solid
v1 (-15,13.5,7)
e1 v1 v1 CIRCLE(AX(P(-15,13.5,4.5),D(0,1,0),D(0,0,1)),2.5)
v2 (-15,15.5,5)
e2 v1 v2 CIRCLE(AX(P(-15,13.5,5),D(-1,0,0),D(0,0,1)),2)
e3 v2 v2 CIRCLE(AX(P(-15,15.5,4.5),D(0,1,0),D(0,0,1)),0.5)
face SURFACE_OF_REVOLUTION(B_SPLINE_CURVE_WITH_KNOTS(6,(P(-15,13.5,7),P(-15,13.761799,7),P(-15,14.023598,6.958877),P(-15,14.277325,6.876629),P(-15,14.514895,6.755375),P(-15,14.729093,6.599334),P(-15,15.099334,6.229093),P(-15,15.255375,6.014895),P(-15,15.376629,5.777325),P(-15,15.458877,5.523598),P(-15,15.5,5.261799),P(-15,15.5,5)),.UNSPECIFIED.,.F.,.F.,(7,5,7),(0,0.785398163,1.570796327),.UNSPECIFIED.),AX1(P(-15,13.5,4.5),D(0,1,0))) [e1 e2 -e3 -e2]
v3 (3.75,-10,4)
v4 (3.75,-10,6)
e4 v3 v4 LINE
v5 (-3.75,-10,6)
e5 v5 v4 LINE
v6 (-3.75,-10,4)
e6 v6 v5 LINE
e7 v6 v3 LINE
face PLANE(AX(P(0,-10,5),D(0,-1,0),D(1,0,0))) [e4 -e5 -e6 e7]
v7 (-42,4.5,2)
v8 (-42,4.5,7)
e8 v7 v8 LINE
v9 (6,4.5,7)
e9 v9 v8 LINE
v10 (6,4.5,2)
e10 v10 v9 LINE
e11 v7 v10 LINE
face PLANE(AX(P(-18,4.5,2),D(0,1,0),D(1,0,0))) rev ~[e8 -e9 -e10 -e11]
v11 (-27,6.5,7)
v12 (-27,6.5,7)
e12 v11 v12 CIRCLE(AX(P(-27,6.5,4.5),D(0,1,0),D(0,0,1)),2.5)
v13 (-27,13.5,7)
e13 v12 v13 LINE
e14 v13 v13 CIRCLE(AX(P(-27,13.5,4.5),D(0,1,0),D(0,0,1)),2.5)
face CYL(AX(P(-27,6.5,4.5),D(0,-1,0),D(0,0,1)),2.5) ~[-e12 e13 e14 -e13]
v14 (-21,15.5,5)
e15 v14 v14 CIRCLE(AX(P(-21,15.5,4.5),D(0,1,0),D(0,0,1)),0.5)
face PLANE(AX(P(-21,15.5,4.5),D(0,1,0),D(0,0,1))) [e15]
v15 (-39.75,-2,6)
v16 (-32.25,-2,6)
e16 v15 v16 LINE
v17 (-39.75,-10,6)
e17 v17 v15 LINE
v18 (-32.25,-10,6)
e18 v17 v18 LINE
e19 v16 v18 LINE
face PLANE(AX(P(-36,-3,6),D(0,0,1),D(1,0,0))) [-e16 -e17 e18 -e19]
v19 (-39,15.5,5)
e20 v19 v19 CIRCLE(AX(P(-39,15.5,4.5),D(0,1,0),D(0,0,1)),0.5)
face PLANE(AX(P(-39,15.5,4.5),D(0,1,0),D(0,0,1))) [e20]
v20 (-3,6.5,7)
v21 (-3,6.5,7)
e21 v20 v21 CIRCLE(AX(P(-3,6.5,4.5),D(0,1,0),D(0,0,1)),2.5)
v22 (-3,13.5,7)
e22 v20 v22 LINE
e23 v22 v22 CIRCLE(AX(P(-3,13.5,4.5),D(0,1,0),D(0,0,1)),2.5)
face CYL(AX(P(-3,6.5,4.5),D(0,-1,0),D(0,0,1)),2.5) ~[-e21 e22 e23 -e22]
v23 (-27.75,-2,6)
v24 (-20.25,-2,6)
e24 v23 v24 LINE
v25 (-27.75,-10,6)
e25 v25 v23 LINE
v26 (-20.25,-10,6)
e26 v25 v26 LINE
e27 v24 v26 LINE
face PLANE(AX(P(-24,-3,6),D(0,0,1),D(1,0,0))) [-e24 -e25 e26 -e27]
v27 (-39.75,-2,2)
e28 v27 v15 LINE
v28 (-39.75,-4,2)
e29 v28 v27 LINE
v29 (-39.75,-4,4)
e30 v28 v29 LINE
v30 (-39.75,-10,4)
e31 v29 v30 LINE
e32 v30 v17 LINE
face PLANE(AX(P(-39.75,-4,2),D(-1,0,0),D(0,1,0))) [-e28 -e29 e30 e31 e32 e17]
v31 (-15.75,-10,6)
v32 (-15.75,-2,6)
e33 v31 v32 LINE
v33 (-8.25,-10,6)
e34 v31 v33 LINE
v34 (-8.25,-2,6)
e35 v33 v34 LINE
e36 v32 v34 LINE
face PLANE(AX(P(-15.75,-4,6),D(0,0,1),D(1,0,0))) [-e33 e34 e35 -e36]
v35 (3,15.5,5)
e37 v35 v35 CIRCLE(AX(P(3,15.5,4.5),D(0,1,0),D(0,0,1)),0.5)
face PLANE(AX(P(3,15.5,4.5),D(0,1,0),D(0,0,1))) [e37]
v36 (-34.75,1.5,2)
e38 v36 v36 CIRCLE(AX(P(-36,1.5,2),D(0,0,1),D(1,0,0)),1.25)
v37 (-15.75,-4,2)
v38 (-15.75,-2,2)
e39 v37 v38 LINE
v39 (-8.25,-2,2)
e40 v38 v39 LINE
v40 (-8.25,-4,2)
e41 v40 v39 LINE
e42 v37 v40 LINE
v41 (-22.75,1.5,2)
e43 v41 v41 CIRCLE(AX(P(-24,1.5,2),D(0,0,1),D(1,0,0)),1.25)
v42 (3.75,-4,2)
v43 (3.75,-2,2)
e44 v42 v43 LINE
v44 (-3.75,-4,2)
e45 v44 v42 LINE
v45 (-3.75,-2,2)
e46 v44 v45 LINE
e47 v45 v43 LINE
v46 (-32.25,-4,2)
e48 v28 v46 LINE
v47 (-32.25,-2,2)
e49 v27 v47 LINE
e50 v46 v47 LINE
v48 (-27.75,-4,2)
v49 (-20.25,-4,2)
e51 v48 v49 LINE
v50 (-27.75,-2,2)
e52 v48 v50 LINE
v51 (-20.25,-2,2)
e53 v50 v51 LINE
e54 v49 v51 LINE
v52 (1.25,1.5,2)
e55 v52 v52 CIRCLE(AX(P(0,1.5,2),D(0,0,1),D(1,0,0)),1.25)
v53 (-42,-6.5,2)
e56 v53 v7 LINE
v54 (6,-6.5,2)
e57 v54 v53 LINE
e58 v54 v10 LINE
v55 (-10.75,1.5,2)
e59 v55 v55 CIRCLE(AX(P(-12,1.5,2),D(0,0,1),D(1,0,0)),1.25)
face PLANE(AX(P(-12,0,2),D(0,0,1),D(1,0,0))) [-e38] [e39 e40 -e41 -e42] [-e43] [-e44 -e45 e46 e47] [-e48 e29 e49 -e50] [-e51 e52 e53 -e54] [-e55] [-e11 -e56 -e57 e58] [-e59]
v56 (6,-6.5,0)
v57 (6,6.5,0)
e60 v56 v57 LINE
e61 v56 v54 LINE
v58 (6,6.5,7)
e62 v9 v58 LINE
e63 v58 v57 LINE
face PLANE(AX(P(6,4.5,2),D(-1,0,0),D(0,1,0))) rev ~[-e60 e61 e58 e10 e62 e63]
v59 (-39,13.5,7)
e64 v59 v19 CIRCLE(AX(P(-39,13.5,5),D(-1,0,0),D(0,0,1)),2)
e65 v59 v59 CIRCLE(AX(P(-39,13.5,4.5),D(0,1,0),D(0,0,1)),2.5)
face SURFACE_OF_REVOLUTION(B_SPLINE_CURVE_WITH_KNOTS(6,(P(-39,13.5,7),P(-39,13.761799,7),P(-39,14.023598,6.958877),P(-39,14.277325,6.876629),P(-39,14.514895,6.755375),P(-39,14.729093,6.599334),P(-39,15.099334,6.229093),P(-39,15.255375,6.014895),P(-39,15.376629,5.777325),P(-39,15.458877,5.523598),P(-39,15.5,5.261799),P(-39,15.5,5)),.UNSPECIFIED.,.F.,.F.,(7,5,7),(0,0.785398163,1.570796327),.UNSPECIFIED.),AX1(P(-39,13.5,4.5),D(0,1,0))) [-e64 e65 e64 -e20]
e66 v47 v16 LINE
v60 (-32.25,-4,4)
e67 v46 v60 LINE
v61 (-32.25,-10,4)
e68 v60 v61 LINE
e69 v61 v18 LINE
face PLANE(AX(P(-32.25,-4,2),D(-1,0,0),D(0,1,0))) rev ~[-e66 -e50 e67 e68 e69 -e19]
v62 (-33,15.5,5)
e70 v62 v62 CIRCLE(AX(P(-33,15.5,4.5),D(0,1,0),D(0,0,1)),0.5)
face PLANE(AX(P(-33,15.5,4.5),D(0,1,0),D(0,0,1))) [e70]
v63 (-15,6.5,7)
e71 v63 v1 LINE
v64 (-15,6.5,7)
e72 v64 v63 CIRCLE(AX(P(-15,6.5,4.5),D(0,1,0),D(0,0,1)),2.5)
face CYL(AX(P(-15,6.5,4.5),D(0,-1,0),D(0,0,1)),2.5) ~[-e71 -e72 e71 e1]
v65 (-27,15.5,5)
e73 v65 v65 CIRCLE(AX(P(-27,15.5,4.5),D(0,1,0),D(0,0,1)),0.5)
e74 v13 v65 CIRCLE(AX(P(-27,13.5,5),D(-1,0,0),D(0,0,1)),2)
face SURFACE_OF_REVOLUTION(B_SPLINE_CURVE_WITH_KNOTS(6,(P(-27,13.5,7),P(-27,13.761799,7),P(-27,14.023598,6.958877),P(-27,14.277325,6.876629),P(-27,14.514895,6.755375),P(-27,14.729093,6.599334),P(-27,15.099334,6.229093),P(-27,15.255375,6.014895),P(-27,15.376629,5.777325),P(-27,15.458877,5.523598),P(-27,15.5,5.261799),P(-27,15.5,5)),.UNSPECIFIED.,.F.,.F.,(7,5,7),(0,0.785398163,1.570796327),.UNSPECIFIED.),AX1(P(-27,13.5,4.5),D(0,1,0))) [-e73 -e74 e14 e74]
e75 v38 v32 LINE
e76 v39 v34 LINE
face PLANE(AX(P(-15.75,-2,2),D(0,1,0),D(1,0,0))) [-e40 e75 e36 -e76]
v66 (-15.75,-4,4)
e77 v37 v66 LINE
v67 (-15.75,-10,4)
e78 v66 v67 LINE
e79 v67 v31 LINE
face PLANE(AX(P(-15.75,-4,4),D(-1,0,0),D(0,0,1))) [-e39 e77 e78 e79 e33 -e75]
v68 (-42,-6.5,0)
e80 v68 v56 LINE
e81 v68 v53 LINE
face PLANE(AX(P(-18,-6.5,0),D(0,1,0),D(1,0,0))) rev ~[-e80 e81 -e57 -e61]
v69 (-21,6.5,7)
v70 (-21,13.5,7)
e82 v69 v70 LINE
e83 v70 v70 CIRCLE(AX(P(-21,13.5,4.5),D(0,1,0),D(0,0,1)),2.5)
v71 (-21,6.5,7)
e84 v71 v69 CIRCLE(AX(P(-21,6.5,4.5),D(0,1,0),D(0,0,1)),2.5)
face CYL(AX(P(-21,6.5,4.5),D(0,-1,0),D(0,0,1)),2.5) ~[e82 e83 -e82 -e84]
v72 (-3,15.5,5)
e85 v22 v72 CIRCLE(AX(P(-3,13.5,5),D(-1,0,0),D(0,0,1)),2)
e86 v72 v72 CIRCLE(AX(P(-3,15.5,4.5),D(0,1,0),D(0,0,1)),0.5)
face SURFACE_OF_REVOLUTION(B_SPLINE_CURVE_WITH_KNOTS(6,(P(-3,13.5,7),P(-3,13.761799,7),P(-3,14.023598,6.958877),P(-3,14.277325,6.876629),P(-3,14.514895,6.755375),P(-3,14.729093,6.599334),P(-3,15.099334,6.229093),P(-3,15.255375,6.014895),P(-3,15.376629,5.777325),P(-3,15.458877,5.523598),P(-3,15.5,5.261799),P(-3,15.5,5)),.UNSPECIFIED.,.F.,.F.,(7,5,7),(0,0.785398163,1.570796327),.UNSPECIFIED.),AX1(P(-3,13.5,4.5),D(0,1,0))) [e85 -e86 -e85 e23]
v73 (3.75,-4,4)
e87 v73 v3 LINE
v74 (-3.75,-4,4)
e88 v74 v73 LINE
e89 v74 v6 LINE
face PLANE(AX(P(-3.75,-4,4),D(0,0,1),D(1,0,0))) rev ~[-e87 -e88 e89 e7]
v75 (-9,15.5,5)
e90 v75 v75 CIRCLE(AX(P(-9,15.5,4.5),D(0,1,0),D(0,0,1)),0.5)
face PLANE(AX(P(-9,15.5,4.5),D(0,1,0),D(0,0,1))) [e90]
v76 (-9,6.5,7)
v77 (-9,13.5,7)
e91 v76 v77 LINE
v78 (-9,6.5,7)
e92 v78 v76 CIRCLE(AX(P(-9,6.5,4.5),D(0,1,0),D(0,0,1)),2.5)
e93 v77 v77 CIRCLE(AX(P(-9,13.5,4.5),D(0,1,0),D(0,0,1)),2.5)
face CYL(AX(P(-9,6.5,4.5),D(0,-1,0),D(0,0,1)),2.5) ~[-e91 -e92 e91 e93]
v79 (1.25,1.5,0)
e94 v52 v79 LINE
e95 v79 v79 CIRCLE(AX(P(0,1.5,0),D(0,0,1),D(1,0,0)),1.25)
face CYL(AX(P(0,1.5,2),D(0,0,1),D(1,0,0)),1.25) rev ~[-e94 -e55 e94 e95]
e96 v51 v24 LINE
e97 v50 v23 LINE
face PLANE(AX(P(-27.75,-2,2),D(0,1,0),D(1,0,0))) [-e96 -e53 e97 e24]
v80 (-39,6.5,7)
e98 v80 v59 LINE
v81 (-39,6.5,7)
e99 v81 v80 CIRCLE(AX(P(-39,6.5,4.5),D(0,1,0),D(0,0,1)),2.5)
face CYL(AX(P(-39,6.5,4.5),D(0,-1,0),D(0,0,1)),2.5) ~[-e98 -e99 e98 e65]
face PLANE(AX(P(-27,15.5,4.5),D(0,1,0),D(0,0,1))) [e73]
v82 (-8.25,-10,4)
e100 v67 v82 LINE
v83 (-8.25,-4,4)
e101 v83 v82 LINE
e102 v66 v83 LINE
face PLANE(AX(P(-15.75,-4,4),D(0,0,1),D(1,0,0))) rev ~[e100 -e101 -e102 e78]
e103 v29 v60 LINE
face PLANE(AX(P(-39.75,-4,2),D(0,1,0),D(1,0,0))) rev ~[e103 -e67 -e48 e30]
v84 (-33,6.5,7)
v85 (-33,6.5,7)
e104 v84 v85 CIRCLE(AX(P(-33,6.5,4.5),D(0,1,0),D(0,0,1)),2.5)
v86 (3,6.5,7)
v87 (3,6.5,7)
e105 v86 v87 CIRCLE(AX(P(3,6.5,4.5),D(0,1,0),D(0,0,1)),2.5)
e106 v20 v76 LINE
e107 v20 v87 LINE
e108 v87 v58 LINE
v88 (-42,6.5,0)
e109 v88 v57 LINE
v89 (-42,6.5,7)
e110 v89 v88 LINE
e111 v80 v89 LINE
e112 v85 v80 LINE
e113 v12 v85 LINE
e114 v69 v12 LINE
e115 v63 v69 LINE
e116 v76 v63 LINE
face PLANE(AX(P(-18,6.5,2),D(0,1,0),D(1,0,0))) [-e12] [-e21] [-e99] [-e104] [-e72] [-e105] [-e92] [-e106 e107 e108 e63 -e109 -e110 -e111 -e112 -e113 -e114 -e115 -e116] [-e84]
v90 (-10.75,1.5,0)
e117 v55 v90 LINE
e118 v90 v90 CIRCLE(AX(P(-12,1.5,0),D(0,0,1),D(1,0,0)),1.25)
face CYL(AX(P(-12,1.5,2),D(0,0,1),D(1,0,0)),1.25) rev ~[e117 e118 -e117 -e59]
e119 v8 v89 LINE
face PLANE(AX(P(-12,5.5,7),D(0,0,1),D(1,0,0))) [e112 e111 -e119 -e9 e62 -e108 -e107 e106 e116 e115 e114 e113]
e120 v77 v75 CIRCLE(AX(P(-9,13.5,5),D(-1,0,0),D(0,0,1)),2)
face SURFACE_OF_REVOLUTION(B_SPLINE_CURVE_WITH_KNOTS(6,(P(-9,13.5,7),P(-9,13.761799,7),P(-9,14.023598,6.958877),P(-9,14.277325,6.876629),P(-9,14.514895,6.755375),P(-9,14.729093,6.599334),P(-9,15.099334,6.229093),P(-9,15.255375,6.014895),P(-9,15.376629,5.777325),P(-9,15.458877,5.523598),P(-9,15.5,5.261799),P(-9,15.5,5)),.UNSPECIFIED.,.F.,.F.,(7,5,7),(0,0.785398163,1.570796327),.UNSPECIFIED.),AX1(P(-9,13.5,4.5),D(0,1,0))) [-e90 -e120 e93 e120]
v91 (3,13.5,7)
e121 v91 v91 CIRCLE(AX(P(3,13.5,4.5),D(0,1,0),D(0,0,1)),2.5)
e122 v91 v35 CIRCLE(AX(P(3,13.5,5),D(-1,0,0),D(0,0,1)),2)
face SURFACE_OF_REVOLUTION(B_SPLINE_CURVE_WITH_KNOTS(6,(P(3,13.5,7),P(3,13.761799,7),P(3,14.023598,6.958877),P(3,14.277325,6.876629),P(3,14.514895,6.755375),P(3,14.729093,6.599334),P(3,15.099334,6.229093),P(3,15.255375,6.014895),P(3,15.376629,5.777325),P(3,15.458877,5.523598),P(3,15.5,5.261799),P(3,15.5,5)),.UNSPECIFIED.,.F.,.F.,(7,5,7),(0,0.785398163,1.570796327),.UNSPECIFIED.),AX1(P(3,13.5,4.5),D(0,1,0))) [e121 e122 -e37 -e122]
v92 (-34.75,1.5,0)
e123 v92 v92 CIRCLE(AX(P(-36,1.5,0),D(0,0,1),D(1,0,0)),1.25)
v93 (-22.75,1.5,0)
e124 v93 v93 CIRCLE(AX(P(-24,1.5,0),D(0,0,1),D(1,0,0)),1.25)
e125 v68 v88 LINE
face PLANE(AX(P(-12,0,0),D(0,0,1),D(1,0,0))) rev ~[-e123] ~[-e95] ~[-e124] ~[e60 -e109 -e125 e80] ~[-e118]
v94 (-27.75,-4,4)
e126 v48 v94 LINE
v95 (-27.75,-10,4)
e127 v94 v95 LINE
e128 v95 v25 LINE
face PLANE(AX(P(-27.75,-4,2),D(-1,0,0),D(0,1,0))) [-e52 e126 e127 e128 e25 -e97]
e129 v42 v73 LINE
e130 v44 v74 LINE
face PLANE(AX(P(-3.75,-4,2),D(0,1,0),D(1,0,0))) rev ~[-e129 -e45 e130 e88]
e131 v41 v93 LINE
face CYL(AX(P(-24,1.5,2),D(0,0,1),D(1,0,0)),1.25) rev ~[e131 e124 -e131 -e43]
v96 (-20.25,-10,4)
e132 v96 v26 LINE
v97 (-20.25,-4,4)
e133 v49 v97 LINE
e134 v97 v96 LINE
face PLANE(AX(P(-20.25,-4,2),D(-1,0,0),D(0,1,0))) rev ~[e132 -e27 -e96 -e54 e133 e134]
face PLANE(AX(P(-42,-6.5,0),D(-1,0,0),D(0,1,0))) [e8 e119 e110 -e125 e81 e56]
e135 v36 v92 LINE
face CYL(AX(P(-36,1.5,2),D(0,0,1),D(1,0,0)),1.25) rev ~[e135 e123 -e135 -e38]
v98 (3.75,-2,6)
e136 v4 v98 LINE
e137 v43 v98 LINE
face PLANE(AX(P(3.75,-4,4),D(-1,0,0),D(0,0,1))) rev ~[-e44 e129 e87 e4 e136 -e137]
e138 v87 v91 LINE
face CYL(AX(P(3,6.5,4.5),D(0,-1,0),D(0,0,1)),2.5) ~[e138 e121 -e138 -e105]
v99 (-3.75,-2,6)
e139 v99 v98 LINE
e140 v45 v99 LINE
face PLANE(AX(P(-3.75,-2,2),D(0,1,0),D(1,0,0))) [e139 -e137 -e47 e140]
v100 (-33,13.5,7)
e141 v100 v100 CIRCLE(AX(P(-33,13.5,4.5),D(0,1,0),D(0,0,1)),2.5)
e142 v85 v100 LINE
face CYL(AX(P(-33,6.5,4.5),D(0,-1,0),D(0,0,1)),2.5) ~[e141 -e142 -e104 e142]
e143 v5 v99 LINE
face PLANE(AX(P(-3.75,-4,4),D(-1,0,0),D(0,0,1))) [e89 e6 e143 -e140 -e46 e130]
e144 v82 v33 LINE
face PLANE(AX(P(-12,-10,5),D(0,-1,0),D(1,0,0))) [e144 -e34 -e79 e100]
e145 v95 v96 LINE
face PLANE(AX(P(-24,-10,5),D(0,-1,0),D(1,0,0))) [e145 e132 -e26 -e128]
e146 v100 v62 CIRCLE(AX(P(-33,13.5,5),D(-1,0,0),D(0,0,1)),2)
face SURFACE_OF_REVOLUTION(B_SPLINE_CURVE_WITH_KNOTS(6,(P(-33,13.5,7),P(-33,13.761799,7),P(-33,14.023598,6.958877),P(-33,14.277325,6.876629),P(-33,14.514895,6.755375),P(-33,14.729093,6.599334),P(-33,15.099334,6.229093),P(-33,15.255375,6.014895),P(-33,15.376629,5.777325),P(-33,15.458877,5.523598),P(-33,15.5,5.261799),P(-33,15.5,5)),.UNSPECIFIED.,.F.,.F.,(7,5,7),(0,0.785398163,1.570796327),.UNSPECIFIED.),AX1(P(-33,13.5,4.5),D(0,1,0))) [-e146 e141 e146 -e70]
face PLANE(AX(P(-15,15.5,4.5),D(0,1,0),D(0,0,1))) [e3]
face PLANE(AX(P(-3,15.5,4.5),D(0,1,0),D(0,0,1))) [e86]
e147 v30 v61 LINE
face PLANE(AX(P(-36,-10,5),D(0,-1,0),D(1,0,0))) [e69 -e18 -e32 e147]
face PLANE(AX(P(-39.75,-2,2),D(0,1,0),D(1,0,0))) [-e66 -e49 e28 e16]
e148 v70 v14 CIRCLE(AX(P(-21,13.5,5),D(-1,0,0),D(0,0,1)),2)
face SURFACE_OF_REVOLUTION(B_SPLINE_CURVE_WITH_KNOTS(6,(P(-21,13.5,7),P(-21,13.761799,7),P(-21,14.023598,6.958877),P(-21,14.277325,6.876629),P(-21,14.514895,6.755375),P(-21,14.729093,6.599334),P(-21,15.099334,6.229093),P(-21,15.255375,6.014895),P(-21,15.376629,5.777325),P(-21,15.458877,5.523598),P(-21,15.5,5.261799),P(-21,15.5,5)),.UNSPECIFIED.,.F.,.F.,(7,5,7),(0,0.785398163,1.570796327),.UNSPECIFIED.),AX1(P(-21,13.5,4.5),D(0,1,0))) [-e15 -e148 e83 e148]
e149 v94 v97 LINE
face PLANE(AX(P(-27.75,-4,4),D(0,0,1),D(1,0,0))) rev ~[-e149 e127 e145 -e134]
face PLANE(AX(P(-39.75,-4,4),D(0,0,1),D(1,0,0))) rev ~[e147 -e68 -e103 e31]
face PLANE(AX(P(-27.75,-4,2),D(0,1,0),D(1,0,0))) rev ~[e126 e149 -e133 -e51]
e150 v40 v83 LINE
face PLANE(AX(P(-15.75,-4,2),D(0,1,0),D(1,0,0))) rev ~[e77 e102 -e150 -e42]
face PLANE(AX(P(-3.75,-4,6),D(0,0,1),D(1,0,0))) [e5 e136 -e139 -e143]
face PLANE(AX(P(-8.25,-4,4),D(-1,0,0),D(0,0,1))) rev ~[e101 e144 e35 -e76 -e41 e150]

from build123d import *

# Parameters (mm, degrees)
ESQUISSE1_W                      = 12
ESQUISSE1_H                      = 13
BOSS_EXTRU_1_DEPTH               = 2
ESQUISSE2_W                      = 7.5
ESQUISSE2_H                      = 2
BOSS_EXTRU_2_DEPTH               = 4
ESQUISSE3_W                      = 7.5
ESQUISSE3_H                      = 2
BOSS_EXTRU_3_DEPTH               = 6
ESQUISSE4_W                      = 12
ESQUISSE4_H                      = 2
BOSS_EXTRU_4_DEPTH               = 5
ESQUISSE5_R                      = 2.5
BOSS_EXTRU_6_DEPTH               = 9
CONG_1_R                         = 2
ENL_V_MAT_EXTRU_1_REACH          = 19.357
ESQUISSE6_R                      = 1.25
R_P_TITION_LIN_AIRE1_COUNT       = 4
R_P_TITION_LIN_AIRE1_PITCH       = 12
CONG_1_OF_R_P_TITION_LIN_AIRE1_R = 2


with BuildPart() as part:
    # Esquisse1 → Boss.-Extru.1 (new body)
    with BuildSketch(Plane.XY):
        Rectangle(ESQUISSE1_W, ESQUISSE1_H)
    boss_extru_1 = extrude(amount=BOSS_EXTRU_1_DEPTH)

    # Esquisse2 → Boss.-Extru.2 (add)
    with BuildSketch(Plane.XY.offset(2)):
        with Locations((0, -3)):
            Rectangle(ESQUISSE2_W, ESQUISSE2_H)
    boss_extru_2 = extrude(amount=BOSS_EXTRU_2_DEPTH)

    # Esquisse3 → Boss.-Extru.3 (add)
    with BuildSketch(Plane.XZ.offset(4)):
        with Locations((0, 5)):
            Rectangle(ESQUISSE3_W, ESQUISSE3_H)
    boss_extru_3 = extrude(amount=BOSS_EXTRU_3_DEPTH)

    # Esquisse4 → Boss.-Extru.4 (add)
    with BuildSketch(Plane.XY.offset(2)):
        with Locations((0, 5.5)):
            Rectangle(ESQUISSE4_W, ESQUISSE4_H)
    boss_extru_4 = extrude(amount=BOSS_EXTRU_4_DEPTH)

    # Esquisse5 → Boss.-Extru.6 (add)
    with BuildSketch(Plane(origin=(0, 6.5, 0), x_dir=(1, 0, 0), z_dir=(0, 1, 0))):
        with Locations(Location((-3, -4.5, 0), (0, 0, 270))):
            Circle(ESQUISSE5_R)
        with Locations(Location((3, -4.5, 0), (0, 0, 270))):
            Circle(ESQUISSE5_R)
    boss_extru_6 = extrude(amount=BOSS_EXTRU_6_DEPTH)

    # Congé1
    cong_1_edges = [part.edges().sort_by_distance(p)[0] for p in [
        (-3, 15.5, 2),
        (3, 15.5, 2),
    ]]
    fillet(cong_1_edges, radius=CONG_1_R)

    # Esquisse6 → Enlèv. mat.-Extru.1 (cut, up to next)
    with BuildSketch(Plane.XY.offset(2), mode=Mode.PRIVATE) as enl_v_mat_extru_1_sk1:
        with Locations((0, 1.5)):
            Circle(ESQUISSE6_R)
    enl_v_mat_extru_1_tool1 = extrude(enl_v_mat_extru_1_sk1.sketch, amount=-ENL_V_MAT_EXTRU_1_REACH, mode=Mode.PRIVATE) & part.part
    enl_v_mat_extru_1 = enl_v_mat_extru_1_tool1.solids().sort_by_distance((0, 1.5, 2))[0]
    add(enl_v_mat_extru_1, mode=Mode.SUBTRACT)

    # Répétition linéaire1: Boss.-Extru.1, Boss.-Extru.2, Boss.-Extru.3, Boss.-Extru.4, Boss.-Extru.6, Enlèv. mat.-Extru.1 ×4
    with Locations(*[(-i * R_P_TITION_LIN_AIRE1_PITCH, 0, 0) for i in range(1, R_P_TITION_LIN_AIRE1_COUNT)]):
        add(boss_extru_1)
        add(boss_extru_2)
        add(boss_extru_3)
        add(boss_extru_4)
        add(boss_extru_6)
        add(enl_v_mat_extru_1, mode=Mode.SUBTRACT)

    # Congé1 of Répétition linéaire1
    cong_1_of_r_p_tition_lin_aire1_edges = [part.edges().sort_by_distance(p)[0] for p in [
        (-15, 15.5, 2),
        (-9, 15.5, 2),
        (-27, 15.5, 2),
        (-21, 15.5, 2),
        (-39, 15.5, 2),
        (-33, 15.5, 2),
    ]]
    fillet(cong_1_of_r_p_tition_lin_aire1_edges, radius=CONG_1_OF_R_P_TITION_LIN_AIRE1_R)


solid = part.part
